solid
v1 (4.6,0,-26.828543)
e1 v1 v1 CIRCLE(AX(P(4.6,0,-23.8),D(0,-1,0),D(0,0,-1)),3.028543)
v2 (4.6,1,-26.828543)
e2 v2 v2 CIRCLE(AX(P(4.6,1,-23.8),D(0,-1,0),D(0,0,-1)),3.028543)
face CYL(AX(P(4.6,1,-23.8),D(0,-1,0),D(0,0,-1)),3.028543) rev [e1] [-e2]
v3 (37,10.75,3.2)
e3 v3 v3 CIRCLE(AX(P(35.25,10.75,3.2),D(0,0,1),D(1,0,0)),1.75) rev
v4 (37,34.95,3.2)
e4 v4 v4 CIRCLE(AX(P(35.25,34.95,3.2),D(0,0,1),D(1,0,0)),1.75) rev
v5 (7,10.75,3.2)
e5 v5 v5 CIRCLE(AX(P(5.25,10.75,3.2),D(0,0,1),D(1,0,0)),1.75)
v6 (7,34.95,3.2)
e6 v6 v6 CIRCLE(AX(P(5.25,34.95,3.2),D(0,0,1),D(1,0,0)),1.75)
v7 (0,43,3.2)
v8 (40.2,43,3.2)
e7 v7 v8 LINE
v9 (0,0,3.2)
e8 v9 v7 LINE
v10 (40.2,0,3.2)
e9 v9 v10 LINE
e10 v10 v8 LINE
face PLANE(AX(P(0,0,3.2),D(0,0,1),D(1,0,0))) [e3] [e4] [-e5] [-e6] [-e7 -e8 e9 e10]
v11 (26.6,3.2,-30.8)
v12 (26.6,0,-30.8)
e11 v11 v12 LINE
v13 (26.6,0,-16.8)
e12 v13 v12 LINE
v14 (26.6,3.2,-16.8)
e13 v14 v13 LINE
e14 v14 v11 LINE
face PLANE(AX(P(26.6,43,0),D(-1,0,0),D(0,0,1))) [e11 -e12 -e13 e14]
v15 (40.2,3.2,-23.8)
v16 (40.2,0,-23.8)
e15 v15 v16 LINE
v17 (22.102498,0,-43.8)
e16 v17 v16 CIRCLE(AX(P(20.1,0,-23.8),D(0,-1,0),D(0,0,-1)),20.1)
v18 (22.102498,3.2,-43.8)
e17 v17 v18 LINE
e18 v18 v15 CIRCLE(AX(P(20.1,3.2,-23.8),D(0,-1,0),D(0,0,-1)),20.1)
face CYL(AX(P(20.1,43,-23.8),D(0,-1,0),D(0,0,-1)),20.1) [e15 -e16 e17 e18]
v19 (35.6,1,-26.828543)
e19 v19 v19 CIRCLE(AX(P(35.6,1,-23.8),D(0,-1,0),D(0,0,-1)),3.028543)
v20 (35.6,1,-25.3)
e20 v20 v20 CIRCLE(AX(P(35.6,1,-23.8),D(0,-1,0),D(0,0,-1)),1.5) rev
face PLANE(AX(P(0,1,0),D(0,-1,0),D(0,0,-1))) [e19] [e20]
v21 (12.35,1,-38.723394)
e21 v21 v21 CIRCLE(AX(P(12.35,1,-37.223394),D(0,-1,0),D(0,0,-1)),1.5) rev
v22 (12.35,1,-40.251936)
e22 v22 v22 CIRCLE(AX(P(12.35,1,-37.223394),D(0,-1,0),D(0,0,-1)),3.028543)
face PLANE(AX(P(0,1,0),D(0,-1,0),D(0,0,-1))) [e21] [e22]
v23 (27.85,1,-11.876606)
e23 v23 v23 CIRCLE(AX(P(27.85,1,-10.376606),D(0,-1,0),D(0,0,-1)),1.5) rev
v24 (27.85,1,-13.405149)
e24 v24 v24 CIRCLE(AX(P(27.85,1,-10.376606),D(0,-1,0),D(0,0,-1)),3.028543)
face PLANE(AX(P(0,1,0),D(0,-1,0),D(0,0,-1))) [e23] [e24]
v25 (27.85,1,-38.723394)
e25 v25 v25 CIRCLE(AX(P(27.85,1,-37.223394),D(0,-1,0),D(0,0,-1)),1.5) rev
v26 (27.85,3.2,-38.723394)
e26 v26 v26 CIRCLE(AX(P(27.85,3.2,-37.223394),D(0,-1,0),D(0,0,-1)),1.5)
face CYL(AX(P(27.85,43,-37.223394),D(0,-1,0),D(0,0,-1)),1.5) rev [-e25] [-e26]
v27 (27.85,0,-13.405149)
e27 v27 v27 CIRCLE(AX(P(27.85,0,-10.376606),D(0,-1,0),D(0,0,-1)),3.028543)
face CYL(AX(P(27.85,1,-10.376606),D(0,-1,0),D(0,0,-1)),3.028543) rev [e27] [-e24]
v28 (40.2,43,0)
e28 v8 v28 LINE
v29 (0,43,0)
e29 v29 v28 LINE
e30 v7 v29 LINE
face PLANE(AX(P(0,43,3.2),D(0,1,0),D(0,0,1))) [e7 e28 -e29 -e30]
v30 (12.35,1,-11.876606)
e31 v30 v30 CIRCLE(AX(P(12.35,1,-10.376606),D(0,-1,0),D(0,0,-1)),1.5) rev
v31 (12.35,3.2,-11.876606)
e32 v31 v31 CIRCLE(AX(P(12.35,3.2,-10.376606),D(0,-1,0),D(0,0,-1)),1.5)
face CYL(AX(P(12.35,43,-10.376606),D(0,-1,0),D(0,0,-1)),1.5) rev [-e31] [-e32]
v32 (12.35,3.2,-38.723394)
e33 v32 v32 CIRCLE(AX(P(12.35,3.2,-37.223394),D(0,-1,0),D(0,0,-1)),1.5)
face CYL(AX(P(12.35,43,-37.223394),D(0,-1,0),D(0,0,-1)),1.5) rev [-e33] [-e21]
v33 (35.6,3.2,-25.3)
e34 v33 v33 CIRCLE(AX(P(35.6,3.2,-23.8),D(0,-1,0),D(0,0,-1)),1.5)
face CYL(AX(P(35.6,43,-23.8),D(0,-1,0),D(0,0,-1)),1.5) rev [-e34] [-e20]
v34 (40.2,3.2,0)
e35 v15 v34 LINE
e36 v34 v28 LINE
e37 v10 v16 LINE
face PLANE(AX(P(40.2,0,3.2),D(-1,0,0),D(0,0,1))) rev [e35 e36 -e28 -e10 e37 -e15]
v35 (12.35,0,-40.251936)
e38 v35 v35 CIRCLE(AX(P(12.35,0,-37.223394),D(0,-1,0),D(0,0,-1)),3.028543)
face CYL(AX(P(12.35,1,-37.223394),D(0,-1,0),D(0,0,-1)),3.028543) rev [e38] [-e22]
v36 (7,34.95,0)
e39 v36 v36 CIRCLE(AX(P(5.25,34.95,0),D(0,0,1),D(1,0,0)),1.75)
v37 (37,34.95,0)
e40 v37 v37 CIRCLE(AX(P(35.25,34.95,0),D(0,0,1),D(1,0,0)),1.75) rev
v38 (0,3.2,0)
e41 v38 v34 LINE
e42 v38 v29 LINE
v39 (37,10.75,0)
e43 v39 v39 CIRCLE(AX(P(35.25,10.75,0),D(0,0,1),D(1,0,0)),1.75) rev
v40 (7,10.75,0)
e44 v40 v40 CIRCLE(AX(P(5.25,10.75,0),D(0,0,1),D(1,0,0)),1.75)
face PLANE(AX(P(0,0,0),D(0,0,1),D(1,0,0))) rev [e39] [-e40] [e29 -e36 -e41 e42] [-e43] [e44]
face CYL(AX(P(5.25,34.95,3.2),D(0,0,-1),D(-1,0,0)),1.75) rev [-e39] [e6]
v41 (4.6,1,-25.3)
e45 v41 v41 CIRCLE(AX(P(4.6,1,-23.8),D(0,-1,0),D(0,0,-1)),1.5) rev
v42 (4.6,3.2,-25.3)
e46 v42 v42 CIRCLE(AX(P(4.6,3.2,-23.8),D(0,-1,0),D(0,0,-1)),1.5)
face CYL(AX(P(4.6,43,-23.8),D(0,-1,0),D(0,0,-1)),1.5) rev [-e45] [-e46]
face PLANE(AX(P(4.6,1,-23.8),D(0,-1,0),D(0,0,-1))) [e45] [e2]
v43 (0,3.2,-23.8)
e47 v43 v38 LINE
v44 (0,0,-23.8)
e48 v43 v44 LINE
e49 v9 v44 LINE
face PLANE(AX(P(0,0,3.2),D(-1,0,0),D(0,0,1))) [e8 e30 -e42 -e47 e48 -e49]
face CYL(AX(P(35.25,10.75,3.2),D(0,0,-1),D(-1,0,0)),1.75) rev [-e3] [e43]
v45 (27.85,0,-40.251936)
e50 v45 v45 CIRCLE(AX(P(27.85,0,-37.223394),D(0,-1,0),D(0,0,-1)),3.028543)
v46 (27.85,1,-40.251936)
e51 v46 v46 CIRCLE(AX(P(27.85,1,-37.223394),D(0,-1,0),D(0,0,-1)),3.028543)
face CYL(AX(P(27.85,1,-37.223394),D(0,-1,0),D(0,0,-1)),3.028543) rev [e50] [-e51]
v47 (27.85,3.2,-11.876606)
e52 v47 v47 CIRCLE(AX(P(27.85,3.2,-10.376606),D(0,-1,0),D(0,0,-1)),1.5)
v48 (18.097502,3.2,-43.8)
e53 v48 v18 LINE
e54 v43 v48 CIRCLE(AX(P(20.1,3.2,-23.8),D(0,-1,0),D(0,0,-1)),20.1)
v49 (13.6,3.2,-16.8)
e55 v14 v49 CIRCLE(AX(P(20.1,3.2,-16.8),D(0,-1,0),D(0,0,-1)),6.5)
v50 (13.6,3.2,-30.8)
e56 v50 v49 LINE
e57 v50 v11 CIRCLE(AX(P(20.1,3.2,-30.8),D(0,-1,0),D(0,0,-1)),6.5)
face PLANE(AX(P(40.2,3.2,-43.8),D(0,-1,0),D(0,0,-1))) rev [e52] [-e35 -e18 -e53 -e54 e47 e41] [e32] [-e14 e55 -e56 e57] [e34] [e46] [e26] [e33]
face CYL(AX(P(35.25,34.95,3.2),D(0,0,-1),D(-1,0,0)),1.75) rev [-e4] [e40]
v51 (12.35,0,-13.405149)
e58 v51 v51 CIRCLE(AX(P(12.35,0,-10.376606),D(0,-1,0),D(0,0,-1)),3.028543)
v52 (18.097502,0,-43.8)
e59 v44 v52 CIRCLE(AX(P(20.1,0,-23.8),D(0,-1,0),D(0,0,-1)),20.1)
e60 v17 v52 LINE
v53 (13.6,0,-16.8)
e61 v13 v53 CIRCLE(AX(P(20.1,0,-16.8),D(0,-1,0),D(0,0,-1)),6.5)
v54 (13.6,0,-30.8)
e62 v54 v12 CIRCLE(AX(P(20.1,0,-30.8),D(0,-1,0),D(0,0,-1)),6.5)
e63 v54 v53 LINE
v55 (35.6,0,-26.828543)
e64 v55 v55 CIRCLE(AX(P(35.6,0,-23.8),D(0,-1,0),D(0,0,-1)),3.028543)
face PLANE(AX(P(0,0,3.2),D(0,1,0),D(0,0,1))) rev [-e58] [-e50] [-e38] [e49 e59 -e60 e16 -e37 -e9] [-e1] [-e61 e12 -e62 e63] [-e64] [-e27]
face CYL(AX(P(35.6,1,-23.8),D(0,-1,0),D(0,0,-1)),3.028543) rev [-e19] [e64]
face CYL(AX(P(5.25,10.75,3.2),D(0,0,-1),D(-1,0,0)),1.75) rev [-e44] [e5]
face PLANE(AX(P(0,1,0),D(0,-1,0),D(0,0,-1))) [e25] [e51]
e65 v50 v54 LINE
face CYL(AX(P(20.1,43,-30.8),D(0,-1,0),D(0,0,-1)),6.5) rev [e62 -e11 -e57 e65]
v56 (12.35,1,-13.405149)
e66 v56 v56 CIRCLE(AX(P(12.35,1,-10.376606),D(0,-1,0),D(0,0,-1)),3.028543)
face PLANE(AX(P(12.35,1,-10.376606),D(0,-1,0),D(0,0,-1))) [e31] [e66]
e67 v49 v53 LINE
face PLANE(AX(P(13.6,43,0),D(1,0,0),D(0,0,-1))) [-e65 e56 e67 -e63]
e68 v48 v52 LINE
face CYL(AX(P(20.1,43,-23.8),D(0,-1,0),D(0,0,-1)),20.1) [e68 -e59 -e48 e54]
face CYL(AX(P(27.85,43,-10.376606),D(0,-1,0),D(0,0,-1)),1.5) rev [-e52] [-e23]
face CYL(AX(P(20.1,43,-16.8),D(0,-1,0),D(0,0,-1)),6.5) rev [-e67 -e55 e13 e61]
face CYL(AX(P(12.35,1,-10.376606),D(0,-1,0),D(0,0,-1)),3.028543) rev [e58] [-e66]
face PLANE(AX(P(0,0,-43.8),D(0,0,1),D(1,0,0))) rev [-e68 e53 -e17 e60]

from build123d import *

# Parameters (mm, degrees)
SKETCH_1_W          = 40.2
SKETCH_1_H          = 39.8
SKETCH_1_R          = 1.75
SKETCH_1_H_2        = 3.2
EXTRUDE_1_DEPTH     = 3.2
SKETCH_2_W          = 40.2
SKETCH_2_H          = 3.2
EXTRUDE_2_DEPTH     = 43.8
SKETCH_3_R          = 1.5
CUT_EXTRUDE_1_DEPTH = 44
SKETCH_4_R          = 3.028542632
SKETCH_4_R_2        = 1.5
CUT_EXTRUDE_2_DEPTH = 1
CUT_EXTRUDE_3_DEPTH = 44


with BuildPart() as part:
    # 草图1 → 凸台-拉伸1 (new body)
    with BuildSketch(Plane.XY):
        with Locations((20.1, 23.1)):
            Rectangle(SKETCH_1_W, SKETCH_1_H)
        with Locations((5.25, 10.75)):
            Circle(SKETCH_1_R, mode=Mode.SUBTRACT)
        with Locations((35.25, 10.75)):
            Circle(SKETCH_1_R, mode=Mode.SUBTRACT)
        with Locations((5.25, 34.95)):
            Circle(SKETCH_1_R, mode=Mode.SUBTRACT)
        with Locations((35.25, 34.95)):
            Circle(SKETCH_1_R, mode=Mode.SUBTRACT)
        with Locations((20.1, 1.6)):
            Rectangle(SKETCH_1_W, SKETCH_1_H_2)
    extrude(amount=EXTRUDE_1_DEPTH)

    # 草图2 → 凸台-拉伸2 (add)
    with BuildSketch(Plane(origin=(0, 0, 0), x_dir=(-1, 0, 0), z_dir=(0, 0, -1))):
        with Locations((-20.1, 1.6)):
            Rectangle(SKETCH_2_W, SKETCH_2_H)
    extrude(amount=EXTRUDE_2_DEPTH)

    # 草图3 → 切除-拉伸1 (cut, through all)
    with BuildSketch(Plane.XZ):
        with BuildLine():
            Line((13.6, -23.8), (13.6, -30.8))
            ThreePointArc((13.6, -30.8), (20.1, -37.3), (26.6, -30.8))
            Line((26.6, -30.8), (26.6, -16.8))
            ThreePointArc((26.6, -16.8), (20.1, -10.3), (13.6, -16.8))
            Line((13.6, -16.8), (13.6, -23.8))
        make_face()
        with Locations((4.6, -23.8)):
            Circle(SKETCH_3_R)
        with Locations((12.35, -10.376606241)):
            Circle(SKETCH_3_R)
        with Locations((27.85, -10.376606241)):
            Circle(SKETCH_3_R)
        with Locations((35.6, -23.8)):
            Circle(SKETCH_3_R)
        with Locations((27.85, -37.223393759)):
            Circle(SKETCH_3_R)
        with Locations((12.35, -37.223393759)):
            Circle(SKETCH_3_R)
    extrude(amount=-CUT_EXTRUDE_1_DEPTH, mode=Mode.SUBTRACT)

    # 草图4 → 切除-拉伸2 (cut)
    with BuildSketch(Plane.XZ):
        with Locations((27.85, -37.223393759)):
            Circle(SKETCH_4_R)
        with Locations((27.85, -37.223393759)):
            Circle(SKETCH_4_R_2, mode=Mode.SUBTRACT)
        with Locations((12.35, -37.223393759)):
            Circle(SKETCH_4_R)
        with Locations((12.35, -37.223393759)):
            Circle(SKETCH_4_R_2, mode=Mode.SUBTRACT)
        with Locations((35.6, -23.8)):
            Circle(SKETCH_4_R)
        with Locations((35.6, -23.8)):
            Circle(SKETCH_4_R_2, mode=Mode.SUBTRACT)
        with Locations((27.85, -10.376606241)):
            Circle(SKETCH_4_R)
        with Locations((27.85, -10.376606241)):
            Circle(SKETCH_4_R_2, mode=Mode.SUBTRACT)
        with Locations((4.6, -23.8)):
            Circle(SKETCH_4_R)
        with Locations((12.35, -10.376606241)):
            Circle(SKETCH_4_R)
    extrude(amount=-CUT_EXTRUDE_2_DEPTH, mode=Mode.SUBTRACT)

    # 草图5 → 切除-拉伸3 (cut, through all)
    with BuildSketch(Plane.XZ):
        with BuildLine():
            ThreePointArc((18.097501561, -43.8), (5.195970031, -37.286285281), (0, -23.8))
            Line((0, -23.8), (0, -43.8))
            Line((0, -43.8), (18.097501561, -43.8))
        make_face()
        with BuildLine():
            Line((40.2, -43.8), (40.2, -23.8))
            ThreePointArc((40.2, -23.8), (35.004029969, -37.286285281), (22.102498439, -43.8))
            Line((22.102498439, -43.8), (40.2, -43.8))
        make_face()
    extrude(amount=-CUT_EXTRUDE_3_DEPTH, mode=Mode.SUBTRACT)


solid = part.part
